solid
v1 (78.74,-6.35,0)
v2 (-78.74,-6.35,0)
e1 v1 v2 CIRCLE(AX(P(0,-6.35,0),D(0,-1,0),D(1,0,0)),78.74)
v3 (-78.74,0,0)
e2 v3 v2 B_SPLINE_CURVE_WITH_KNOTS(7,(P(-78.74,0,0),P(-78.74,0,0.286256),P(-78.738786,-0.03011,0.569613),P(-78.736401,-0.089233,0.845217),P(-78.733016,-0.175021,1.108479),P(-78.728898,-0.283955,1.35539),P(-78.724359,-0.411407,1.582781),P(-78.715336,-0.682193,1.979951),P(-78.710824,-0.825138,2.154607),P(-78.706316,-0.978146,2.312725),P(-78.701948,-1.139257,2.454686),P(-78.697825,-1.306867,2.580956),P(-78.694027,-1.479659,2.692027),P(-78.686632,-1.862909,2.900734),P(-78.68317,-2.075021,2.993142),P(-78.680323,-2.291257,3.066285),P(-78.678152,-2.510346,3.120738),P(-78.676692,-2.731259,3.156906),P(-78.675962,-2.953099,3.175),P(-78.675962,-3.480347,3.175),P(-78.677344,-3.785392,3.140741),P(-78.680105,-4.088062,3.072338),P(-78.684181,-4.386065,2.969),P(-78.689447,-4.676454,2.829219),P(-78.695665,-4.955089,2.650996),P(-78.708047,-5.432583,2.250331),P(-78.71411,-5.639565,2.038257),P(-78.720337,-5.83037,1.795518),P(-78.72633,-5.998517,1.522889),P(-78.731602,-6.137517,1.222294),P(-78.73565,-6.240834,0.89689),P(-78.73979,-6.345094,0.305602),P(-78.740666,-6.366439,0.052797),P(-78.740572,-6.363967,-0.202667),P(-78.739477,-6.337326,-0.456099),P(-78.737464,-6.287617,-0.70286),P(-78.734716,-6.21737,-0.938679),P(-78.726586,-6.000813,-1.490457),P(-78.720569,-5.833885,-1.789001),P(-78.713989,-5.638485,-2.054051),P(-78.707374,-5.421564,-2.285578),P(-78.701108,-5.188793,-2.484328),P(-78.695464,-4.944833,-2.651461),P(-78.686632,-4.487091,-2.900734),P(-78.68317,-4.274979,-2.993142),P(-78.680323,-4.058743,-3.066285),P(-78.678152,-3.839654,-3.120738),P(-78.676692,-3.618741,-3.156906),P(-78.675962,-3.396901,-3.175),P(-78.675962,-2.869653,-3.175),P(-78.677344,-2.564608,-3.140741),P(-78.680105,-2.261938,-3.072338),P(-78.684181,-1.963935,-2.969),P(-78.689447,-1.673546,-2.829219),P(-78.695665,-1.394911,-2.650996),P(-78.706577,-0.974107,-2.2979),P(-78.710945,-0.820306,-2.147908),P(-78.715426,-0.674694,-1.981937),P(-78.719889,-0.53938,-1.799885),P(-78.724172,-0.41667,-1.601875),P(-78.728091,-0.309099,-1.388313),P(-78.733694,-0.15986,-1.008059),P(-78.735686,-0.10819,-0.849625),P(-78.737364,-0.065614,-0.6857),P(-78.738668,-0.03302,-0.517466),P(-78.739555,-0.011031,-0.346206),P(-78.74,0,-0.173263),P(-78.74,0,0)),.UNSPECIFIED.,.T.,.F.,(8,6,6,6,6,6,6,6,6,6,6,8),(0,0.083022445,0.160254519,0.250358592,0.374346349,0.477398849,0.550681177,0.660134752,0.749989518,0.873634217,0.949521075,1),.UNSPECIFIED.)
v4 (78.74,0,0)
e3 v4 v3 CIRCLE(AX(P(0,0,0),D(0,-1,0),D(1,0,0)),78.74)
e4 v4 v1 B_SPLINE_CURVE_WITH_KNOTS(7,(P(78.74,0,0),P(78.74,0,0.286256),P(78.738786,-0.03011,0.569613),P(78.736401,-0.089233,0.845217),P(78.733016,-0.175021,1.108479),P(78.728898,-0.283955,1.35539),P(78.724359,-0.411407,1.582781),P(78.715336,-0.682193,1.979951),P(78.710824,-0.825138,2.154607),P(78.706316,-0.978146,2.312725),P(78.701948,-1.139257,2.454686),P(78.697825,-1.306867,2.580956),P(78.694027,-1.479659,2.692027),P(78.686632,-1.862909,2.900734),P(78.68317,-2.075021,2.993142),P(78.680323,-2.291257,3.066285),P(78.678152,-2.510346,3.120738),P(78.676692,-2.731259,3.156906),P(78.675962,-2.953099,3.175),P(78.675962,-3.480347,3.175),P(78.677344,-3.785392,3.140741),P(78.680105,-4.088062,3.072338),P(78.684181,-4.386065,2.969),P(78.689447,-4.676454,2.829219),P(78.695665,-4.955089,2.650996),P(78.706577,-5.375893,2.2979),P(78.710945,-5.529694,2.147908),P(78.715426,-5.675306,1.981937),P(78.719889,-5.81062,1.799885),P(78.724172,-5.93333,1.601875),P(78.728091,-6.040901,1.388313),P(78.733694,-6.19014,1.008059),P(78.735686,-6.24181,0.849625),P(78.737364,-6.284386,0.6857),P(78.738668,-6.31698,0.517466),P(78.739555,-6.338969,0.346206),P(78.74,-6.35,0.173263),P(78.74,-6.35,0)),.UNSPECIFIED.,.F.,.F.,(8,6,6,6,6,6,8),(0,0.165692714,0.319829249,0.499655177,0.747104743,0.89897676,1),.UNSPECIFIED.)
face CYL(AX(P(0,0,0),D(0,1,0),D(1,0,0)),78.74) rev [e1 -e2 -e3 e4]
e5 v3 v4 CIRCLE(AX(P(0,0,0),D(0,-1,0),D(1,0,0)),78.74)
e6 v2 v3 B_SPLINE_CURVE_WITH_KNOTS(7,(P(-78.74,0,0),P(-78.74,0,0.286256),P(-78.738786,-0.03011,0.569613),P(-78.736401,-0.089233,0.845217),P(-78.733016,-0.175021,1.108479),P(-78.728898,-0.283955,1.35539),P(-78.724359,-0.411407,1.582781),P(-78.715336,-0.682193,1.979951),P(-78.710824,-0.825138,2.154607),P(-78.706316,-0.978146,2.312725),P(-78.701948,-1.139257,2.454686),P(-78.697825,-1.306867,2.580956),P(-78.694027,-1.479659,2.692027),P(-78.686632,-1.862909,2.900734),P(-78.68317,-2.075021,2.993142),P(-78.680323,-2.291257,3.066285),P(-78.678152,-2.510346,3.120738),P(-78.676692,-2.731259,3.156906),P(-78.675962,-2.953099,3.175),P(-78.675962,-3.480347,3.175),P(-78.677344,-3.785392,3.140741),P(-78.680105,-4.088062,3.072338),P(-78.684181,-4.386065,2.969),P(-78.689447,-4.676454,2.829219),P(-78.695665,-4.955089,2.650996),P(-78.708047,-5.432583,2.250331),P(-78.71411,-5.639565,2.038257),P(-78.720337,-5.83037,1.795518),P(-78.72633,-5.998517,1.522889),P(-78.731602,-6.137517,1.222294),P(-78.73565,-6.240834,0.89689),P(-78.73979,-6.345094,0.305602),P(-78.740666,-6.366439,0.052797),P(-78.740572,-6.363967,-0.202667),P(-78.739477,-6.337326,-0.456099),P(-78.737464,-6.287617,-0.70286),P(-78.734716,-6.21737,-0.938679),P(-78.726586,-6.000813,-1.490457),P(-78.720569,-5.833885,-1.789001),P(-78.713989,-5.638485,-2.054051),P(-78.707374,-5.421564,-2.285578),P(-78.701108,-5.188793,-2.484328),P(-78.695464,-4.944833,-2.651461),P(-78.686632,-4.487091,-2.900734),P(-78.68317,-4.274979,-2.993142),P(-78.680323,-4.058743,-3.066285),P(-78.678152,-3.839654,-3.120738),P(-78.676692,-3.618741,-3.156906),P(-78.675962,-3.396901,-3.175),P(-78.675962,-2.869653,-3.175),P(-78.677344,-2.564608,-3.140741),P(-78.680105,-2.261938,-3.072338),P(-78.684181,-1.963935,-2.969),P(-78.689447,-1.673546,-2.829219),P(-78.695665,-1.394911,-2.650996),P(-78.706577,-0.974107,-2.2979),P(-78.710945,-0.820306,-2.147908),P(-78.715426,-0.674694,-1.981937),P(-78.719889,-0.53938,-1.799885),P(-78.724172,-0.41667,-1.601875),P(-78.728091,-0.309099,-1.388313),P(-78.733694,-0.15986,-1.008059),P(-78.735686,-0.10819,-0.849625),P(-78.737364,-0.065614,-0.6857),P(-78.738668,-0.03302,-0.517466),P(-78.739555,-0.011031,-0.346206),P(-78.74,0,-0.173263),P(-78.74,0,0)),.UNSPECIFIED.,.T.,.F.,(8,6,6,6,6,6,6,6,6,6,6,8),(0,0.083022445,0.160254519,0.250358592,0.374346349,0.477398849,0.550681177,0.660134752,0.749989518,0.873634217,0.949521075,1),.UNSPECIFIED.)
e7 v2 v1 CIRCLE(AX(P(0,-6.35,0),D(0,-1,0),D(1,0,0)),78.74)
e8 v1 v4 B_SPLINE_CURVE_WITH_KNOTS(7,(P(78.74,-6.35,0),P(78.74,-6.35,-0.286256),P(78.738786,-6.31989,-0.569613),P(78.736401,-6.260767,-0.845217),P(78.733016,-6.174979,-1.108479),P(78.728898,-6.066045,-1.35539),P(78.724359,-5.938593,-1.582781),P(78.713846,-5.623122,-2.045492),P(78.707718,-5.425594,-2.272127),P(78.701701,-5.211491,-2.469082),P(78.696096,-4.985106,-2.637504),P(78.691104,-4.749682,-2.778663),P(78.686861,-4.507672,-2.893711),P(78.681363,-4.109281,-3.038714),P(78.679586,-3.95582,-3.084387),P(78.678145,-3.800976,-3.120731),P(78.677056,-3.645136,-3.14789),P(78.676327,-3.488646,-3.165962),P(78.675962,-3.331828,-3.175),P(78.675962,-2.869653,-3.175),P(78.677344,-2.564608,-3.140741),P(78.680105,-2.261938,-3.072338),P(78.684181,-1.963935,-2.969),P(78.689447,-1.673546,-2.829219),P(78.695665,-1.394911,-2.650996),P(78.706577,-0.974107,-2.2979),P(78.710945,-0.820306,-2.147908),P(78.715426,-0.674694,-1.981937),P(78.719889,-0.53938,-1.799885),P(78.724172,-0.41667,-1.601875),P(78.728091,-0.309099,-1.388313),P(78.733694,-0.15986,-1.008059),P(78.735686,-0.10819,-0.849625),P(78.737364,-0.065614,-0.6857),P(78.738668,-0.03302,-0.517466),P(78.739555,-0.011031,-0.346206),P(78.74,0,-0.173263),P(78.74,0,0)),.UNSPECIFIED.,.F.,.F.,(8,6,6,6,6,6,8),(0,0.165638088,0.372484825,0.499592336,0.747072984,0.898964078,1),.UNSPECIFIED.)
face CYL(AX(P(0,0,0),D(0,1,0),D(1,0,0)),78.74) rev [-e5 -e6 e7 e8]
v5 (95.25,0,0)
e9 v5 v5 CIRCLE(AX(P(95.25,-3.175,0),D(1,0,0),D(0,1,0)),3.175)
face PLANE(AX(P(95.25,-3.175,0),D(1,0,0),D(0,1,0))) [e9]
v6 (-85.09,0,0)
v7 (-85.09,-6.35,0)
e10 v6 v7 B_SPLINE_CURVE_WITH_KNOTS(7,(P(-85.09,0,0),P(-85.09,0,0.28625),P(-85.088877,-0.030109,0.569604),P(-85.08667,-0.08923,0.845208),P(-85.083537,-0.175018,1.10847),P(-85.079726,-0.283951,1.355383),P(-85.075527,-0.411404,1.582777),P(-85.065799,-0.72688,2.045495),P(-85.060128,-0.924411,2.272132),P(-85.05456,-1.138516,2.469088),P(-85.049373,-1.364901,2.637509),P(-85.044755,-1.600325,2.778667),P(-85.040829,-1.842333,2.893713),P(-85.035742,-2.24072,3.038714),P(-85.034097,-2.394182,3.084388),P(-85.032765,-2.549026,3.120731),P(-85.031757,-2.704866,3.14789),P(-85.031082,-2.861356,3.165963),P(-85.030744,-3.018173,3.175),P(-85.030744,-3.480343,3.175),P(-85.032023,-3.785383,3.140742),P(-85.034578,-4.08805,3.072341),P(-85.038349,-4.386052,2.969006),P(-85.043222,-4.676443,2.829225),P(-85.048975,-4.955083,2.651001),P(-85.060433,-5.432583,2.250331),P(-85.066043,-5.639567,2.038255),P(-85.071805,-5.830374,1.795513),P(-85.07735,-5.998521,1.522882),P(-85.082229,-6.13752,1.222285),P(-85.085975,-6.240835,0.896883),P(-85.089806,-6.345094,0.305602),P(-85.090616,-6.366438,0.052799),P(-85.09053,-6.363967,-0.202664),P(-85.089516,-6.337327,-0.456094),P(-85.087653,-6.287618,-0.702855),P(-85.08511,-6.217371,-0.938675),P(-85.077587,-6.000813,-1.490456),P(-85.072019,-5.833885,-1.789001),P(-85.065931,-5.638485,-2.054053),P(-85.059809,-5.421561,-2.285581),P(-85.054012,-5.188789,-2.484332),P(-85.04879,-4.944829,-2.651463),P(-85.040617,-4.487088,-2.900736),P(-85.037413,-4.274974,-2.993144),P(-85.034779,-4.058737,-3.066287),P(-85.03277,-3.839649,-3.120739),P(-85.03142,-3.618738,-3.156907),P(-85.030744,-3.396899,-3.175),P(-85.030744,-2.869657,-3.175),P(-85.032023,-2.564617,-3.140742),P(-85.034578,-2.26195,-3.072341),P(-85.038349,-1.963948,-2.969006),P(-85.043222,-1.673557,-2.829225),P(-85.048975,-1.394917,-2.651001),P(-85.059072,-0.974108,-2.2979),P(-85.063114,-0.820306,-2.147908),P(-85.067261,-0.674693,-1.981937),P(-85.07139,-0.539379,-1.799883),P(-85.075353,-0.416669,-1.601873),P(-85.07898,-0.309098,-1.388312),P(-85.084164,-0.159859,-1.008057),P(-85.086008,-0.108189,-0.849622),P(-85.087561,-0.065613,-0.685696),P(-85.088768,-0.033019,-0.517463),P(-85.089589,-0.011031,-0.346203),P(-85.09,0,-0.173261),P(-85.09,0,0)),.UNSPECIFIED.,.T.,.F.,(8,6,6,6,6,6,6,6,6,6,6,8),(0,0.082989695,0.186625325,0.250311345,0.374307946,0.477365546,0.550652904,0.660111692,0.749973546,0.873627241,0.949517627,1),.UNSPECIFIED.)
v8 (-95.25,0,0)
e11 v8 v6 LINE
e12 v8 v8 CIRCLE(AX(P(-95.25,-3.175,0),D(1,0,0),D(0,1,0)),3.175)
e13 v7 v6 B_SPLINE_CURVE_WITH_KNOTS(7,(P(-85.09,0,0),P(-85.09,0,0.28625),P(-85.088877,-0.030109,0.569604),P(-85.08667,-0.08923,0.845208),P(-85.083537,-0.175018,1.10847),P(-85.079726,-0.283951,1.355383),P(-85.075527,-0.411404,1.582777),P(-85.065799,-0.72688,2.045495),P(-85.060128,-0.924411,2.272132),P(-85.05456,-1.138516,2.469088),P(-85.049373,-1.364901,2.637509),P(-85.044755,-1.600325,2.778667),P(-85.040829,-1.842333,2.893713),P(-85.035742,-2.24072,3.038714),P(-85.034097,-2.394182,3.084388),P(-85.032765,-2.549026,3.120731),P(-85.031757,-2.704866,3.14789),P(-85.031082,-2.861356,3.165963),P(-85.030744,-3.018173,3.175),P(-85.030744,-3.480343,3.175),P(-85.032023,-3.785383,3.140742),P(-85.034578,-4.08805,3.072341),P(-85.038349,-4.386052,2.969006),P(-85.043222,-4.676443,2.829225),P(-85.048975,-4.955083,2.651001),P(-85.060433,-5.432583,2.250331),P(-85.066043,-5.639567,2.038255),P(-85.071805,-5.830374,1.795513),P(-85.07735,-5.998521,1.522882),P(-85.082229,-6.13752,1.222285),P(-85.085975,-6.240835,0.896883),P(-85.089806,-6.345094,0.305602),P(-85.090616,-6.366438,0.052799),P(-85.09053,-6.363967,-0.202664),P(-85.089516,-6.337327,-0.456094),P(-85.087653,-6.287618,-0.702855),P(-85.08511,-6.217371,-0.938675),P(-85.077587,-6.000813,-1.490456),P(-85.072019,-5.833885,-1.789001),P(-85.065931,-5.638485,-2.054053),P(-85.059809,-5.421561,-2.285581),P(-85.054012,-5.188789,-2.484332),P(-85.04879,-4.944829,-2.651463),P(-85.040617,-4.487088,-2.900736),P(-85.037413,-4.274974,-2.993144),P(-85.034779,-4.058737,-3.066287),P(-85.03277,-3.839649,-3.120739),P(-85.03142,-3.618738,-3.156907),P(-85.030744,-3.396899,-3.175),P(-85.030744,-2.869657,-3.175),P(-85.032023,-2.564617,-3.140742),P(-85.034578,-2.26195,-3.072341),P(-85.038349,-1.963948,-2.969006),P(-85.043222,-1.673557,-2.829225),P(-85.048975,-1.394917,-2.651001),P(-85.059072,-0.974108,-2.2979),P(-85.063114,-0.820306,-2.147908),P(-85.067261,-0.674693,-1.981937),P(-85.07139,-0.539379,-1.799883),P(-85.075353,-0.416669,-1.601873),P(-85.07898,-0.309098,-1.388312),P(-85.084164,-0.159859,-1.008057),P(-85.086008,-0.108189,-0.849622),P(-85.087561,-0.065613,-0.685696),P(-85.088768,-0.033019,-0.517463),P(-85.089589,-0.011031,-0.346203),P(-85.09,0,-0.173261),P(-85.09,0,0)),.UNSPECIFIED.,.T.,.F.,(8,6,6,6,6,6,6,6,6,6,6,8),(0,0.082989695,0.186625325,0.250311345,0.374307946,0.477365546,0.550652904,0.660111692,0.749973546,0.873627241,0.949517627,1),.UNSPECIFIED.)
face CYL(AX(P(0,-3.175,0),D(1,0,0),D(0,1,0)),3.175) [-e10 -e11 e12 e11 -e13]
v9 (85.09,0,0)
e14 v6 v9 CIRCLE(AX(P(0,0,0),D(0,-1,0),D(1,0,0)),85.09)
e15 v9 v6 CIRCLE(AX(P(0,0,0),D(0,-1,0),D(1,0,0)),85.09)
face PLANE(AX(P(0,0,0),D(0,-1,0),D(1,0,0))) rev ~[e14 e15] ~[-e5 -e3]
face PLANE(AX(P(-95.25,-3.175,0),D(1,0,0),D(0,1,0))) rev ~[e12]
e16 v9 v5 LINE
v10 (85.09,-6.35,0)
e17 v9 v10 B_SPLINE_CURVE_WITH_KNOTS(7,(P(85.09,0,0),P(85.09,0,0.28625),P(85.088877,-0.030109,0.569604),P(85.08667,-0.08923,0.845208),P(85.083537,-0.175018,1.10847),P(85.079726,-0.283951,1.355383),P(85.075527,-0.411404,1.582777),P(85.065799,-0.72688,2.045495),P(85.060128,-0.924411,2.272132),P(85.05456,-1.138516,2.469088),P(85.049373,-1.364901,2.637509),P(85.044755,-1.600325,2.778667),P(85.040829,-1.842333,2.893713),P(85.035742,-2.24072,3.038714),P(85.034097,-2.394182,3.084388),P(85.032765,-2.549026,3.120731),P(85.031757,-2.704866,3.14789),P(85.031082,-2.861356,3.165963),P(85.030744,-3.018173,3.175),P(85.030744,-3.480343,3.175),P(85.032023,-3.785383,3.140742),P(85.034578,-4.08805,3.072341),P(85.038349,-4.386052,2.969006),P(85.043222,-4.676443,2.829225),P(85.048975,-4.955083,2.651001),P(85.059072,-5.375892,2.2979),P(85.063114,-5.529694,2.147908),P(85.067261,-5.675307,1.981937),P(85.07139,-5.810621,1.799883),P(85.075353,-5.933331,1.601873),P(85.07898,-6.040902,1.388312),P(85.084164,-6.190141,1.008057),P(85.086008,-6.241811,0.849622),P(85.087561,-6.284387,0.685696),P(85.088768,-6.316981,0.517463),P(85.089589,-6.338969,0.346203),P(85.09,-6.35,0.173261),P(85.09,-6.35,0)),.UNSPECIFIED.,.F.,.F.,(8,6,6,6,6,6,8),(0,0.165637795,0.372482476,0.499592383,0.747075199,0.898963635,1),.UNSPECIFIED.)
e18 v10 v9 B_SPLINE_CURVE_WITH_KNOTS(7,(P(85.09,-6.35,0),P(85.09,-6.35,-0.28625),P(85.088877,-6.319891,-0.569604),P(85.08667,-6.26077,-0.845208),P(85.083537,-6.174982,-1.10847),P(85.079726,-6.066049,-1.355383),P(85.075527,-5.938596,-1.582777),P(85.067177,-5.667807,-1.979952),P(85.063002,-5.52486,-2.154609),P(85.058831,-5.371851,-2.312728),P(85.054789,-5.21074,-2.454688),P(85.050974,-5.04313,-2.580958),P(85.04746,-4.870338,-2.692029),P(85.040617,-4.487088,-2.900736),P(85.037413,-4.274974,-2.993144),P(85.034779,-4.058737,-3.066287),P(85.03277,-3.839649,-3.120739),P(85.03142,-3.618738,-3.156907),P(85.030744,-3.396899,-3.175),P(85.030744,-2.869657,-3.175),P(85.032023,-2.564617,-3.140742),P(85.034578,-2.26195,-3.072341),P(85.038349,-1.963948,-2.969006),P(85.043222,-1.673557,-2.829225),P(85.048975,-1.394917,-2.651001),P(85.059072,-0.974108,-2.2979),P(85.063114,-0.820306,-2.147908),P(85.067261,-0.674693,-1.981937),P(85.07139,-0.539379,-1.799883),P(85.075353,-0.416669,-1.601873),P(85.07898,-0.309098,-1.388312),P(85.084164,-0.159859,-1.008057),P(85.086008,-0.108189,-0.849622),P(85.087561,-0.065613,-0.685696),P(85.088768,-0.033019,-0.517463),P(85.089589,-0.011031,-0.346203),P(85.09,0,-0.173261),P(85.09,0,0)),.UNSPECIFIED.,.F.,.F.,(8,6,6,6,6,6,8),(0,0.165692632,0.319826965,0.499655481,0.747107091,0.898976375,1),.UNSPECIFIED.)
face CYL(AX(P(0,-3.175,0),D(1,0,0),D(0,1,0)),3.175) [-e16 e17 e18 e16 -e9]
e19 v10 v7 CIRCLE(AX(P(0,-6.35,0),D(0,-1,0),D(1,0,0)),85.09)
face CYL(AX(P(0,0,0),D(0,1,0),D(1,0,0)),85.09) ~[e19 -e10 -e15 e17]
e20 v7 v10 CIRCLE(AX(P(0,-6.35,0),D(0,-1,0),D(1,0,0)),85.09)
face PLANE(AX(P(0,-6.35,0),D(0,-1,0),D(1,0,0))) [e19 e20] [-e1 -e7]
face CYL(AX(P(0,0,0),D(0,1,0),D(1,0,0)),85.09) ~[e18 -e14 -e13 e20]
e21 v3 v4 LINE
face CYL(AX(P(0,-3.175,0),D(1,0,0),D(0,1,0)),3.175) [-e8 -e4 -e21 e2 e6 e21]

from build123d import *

# Parameters (mm, degrees)
F0_R     = 85.09
F0_R_2   = 78.74
F1_DEPTH = 6.35
F2_R     = 3.175
F3_DEPTH = 95.25


with BuildPart() as f1:
    # F0 (on Front) → F1 (new body)
    with BuildSketch(Plane.XZ):
        Circle(F0_R)
        Circle(F0_R_2, mode=Mode.SUBTRACT)
    extrude(amount=F1_DEPTH)

    # F2 (on Right) → F3 (join, symmetric)
    with BuildSketch(Plane.YZ):
        with Locations((-3.175, 0)):
            Circle(F2_R)
    extrude(amount=F3_DEPTH, both=True)


solid = f1.part
